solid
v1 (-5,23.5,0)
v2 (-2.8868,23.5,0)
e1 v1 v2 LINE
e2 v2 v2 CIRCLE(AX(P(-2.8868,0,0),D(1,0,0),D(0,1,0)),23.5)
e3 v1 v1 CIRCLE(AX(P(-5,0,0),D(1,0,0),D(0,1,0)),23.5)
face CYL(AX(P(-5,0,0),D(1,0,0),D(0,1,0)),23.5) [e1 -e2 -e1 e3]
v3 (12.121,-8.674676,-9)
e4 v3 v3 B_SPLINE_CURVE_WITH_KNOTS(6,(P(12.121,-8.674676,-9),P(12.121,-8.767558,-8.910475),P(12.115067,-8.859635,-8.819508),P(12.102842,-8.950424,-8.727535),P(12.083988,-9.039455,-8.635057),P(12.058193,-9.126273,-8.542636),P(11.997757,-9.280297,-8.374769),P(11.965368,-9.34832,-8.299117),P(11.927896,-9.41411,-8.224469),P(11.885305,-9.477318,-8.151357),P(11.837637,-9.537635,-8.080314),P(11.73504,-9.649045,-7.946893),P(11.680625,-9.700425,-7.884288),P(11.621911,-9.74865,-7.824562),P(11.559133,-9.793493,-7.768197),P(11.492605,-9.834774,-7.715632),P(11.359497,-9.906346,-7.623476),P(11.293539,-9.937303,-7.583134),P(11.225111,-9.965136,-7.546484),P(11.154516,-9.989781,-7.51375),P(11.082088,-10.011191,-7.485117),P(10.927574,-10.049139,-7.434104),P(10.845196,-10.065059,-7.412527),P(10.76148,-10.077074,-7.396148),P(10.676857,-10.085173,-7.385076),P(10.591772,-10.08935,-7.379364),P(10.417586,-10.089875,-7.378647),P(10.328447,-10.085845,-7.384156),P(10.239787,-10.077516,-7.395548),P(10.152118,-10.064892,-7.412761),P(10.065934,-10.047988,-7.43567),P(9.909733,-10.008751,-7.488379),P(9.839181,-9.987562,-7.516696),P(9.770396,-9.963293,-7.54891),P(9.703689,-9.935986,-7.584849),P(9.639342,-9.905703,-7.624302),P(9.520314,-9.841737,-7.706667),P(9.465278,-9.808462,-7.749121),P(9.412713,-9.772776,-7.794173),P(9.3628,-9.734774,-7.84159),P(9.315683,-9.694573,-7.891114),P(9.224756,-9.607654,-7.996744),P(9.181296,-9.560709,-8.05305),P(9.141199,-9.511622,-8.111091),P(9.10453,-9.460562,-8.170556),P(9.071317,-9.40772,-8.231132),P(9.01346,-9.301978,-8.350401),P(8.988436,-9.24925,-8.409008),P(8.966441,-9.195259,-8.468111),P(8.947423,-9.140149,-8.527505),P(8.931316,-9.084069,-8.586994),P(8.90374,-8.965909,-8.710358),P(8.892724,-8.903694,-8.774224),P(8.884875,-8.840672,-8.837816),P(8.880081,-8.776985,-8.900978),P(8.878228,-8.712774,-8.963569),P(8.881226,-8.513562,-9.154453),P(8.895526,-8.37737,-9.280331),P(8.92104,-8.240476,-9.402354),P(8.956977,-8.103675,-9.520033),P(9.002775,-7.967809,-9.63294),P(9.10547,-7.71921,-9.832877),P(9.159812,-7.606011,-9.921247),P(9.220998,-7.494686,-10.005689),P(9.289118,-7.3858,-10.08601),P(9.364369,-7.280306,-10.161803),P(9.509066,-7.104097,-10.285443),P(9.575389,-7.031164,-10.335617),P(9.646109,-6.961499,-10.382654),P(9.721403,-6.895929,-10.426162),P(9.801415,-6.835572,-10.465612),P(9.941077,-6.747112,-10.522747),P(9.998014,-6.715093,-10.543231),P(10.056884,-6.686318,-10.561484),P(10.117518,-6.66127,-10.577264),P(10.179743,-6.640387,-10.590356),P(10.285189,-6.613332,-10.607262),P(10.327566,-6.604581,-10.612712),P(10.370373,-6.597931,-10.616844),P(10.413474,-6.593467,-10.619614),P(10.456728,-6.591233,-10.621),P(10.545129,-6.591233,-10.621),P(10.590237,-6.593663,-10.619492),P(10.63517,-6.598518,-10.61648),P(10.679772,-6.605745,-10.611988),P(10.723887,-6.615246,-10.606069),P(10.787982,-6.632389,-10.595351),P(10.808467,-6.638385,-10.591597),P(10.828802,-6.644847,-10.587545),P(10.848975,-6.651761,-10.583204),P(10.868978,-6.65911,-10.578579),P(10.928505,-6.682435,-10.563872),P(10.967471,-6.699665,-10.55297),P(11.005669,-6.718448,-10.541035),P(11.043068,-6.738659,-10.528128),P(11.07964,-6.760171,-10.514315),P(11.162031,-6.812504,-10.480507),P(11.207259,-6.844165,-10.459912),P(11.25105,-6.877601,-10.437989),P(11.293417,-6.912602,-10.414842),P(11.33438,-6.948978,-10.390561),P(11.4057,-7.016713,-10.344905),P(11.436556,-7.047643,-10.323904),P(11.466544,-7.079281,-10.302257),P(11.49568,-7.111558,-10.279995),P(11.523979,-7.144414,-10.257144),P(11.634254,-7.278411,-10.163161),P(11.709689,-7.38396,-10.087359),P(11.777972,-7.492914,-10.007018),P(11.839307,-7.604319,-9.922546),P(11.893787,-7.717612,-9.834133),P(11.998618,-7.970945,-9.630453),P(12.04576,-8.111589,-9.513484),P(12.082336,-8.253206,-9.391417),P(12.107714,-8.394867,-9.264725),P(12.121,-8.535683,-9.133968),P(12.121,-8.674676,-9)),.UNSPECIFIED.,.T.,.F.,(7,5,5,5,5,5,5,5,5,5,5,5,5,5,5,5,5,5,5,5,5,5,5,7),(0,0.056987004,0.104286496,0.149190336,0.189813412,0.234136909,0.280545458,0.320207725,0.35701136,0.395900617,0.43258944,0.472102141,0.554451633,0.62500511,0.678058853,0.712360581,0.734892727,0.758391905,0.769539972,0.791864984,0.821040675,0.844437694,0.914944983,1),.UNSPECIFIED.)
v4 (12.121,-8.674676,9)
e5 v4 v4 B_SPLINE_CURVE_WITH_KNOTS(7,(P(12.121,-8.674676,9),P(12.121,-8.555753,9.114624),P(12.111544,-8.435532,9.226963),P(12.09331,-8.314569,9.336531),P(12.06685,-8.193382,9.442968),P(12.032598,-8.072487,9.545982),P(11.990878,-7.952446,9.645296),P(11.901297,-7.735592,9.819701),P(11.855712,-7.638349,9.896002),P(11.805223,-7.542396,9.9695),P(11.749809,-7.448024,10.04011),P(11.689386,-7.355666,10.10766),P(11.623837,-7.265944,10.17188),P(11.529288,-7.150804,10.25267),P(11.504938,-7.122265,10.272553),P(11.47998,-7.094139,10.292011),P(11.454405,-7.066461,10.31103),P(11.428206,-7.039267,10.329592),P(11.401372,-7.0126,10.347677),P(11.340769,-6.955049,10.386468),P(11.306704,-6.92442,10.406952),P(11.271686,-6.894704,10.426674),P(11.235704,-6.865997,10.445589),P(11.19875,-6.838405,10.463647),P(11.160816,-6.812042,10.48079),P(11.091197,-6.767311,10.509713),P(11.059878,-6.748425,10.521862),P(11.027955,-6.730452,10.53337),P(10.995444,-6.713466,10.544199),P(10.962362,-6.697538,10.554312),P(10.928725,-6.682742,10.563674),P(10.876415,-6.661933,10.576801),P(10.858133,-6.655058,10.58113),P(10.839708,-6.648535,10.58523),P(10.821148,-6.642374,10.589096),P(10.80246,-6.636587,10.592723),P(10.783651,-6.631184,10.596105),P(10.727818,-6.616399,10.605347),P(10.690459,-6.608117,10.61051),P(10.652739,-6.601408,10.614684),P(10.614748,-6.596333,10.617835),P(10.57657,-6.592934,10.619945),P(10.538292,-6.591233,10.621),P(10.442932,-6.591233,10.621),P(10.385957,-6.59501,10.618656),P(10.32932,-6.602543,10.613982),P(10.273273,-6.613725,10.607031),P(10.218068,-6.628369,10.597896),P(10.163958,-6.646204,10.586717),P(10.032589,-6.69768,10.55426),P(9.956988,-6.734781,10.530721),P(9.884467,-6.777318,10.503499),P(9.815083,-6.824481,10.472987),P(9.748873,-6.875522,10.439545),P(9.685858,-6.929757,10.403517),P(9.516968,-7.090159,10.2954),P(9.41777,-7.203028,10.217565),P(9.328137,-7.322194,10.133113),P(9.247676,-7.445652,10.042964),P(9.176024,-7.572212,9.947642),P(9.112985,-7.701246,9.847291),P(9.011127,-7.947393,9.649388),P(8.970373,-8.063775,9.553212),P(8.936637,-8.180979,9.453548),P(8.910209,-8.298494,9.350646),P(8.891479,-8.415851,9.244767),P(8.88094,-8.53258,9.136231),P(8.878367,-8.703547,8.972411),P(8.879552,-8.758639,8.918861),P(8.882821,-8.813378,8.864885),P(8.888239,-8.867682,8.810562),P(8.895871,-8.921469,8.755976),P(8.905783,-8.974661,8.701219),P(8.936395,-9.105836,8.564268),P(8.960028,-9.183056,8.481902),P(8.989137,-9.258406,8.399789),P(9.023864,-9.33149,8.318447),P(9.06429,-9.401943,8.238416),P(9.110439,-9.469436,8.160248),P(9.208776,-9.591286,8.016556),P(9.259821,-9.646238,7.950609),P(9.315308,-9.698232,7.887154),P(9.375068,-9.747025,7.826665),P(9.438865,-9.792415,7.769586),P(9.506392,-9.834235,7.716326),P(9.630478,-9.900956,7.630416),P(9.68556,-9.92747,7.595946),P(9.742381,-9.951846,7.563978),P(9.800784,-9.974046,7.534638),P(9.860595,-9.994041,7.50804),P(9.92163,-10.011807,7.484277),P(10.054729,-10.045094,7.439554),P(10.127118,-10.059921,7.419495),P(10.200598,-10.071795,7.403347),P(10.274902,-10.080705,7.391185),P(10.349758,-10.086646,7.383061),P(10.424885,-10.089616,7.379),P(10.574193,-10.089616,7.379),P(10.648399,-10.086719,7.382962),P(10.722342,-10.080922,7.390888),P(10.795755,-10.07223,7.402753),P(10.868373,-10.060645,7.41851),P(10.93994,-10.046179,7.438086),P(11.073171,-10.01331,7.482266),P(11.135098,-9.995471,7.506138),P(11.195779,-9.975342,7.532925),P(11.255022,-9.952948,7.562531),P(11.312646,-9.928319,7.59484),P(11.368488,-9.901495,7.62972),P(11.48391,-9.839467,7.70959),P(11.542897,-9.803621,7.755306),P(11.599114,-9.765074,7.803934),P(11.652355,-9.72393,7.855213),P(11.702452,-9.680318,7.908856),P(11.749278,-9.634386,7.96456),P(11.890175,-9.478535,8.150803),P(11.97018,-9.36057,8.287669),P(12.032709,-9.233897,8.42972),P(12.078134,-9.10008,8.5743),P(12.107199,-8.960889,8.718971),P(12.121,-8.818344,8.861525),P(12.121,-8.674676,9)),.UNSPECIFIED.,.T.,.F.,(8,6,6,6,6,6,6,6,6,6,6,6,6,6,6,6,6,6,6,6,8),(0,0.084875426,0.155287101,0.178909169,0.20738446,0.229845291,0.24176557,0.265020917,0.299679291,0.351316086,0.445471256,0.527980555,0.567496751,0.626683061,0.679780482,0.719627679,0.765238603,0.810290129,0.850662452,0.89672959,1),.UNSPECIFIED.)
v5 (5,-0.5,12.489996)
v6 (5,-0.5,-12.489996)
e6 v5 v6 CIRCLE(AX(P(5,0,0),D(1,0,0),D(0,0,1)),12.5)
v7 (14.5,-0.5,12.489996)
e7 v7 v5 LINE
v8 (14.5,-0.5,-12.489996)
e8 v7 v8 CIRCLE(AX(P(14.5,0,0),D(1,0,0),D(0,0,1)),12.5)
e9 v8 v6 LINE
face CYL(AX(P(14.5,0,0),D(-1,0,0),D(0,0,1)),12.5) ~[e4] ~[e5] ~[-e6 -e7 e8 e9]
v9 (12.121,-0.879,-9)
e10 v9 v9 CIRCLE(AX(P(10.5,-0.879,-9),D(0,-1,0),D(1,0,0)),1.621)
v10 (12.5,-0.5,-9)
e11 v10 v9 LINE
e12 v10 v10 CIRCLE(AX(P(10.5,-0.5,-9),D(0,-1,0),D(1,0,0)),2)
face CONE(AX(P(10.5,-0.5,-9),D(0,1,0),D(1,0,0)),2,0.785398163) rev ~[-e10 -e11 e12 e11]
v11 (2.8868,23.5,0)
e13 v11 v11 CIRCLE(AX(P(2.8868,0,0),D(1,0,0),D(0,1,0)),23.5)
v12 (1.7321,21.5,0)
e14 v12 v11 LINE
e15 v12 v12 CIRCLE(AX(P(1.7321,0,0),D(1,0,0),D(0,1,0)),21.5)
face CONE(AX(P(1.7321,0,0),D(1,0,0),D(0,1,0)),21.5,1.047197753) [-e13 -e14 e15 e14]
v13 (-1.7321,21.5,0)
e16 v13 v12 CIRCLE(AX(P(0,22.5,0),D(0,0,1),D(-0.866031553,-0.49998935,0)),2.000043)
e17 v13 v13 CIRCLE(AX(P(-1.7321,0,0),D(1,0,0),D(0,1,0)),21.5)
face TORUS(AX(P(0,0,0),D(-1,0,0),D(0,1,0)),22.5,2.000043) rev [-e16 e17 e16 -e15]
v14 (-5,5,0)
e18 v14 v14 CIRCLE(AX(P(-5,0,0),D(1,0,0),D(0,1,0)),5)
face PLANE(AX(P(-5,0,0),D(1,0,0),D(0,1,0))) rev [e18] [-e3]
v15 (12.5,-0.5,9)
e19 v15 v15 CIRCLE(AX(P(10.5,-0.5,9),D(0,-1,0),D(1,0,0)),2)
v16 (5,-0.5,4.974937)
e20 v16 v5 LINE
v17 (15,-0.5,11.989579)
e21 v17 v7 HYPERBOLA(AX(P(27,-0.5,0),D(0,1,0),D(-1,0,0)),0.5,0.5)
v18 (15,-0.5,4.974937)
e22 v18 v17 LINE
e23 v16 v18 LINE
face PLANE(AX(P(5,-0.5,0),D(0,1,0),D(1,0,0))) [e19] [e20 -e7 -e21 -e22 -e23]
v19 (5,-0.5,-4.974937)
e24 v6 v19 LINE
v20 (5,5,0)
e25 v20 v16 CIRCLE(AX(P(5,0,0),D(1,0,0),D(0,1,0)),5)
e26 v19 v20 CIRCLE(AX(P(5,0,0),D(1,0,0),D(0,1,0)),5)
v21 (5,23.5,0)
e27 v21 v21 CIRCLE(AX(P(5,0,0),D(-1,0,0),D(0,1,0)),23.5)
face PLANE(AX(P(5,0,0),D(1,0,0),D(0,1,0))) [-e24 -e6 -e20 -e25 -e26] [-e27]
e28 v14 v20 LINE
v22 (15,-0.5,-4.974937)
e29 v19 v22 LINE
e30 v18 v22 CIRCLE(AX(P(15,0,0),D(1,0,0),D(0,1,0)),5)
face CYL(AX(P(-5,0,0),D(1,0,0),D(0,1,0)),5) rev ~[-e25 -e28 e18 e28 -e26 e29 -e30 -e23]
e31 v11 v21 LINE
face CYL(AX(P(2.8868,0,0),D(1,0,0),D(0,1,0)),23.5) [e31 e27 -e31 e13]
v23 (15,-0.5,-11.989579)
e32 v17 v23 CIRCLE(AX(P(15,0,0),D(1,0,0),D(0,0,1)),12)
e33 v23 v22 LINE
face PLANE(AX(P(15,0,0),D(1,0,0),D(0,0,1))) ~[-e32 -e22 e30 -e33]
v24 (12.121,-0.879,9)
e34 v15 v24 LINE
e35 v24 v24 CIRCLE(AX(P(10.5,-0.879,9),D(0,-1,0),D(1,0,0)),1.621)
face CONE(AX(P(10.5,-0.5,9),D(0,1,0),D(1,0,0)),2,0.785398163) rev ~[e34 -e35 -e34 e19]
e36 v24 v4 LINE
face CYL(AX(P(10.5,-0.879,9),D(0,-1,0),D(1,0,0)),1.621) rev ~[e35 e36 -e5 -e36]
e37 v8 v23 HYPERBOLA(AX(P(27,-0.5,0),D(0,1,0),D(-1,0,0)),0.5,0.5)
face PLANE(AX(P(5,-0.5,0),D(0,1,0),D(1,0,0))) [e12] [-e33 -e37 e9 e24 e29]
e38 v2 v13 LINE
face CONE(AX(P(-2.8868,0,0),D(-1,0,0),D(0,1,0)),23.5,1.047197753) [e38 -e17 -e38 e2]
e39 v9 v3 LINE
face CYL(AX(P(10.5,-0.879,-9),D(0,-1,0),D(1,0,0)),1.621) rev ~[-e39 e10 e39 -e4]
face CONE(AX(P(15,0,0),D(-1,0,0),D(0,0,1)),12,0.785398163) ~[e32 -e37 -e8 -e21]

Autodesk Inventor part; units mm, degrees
sketch "Sketch_1" plane through (0, 0, 0) normal (0, 0, 1) x (1, 0, 0)
  line L0 (5, 0) -> (-5, 0)
  line L1 (-5, 0) -> (-5, 23.5)
  line L2 (-5, 23.5) -> (-2.8868, 23.5)
  line L3 (-2.8868, 23.5) -> (-1.7321, 21.5)
  arc A0 (-1.7321, 21.5) -> (1.7321, 21.5) centre (0, 22.5) ccw
  line L4 (1.7321, 21.5) -> (2.8868, 23.5)
  line L5 (2.8868, 23.5) -> (5, 23.5)
  line L6 (5, 23.5) -> (5, 0)
  line L7 (5, 0) -> (-5, 0)
revolve "Revolution1" add sketch "Sketch_1" angle 360 about axis through (5, 0, 0) along (1, 0, 0)
sketch "Sketch_2" plane through (0, 0, 0) normal (0, 0, 1) x (1, 0, 0)
  line L0 (5, 0) -> (15, 0)
  line L1 (15, 0) -> (15, -12)
  line L2 (15, -12) -> (14.5, -12.5)
  line L3 (14.5, -12.5) -> (5, -12.5)
  line L4 (5, -12.5) -> (5, 0)
  line L5 (5, 0) -> (15, 0)
revolve "Revolution2" add sketch "Sketch_2" angle 180 mid plane about axis through (5, 0, 0) along (1, 0, 0)
sketch "Sketch_3" plane through (0, 0, 0) normal (0, 0, 1) x (1, 0, 0)
  line L0 (5, -0.5) -> (15, -0.5)
  line L1 (15, -0.5) -> (15, 0)
  line L2 (15, 0) -> (5, 0)
  line L3 (5, 0) -> (5, -0.5)
extrude "Extrusion1" cut sketch "Sketch_3" along normal mid plane 50
sketch "Sketch_4" plane through (0, 0, 0) normal (0, 0, 1) x (1, 0, 0)
  line L0 (15, 0) -> (-5, 0)
  line L1 (-5, 0) -> (-5, 5)
  line L2 (-5, 5) -> (15, 5)
  line L3 (15, 5) -> (15, 0)
  line L4 (15, 0) -> (-5, 0)
revolve "Revolution3" cut sketch "Sketch_4" angle 360 about axis through (15, 0, 0) along (1, 0, 0)
sketch "Sketch_5" plane through (0, 0, 9) normal (0, 0, 1) x (1, 0, 0)
  line L0 (10.5, -12.5) -> (10.5, -0.5)
  line L1 (10.5, -0.5) -> (12.5, -0.5)
  line L2 (12.5, -0.5) -> (12.121, -0.879)
  line L3 (12.121, -0.879) -> (12.121, -12.121)
  line L4 (12.121, -12.121) -> (12.5, -12.5)
  line L5 (12.5, -12.5) -> (10.5, -12.5)
  line L6 (10.5, -12.5) -> (10.5, -0.5)
revolve "Revolution4" cut sketch "Sketch_5" angle 360 about axis through (10.5, -12.5, 9) along (0, -1, 0)
thread "Thread1" size "M4x0.7" class "6H" standard "ISO Metric profile" length 11.242
sketch "Sketch_6" plane through (0, 0, -9) normal (0, 0, 1) x (1, 0, 0)
  line L0 (10.5, -12.5) -> (10.5, -0.5)
  line L1 (10.5, -0.5) -> (12.5, -0.5)
  line L2 (12.5, -0.5) -> (12.121, -0.879)
  line L3 (12.121, -0.879) -> (12.121, -12.121)
  line L4 (12.121, -12.121) -> (12.5, -12.5)
  line L5 (12.5, -12.5) -> (10.5, -12.5)
  line L6 (10.5, -12.5) -> (10.5, -0.5)
revolve "Revolution5" cut sketch "Sketch_6" angle 360 about axis through (10.5, -12.5, -9) along (0, -1, 0)
thread "Thread2" size "M4x0.7" class "6H" standard "ISO Metric profile" length 11.242
ref_plane "part1_to_part2_XY" through (5, 0, 0) normal (1, 0, 0) x (0, 0, -1)
ref_plane "part1_to_part2_YZ" through (5, 0, 0) normal (0, 0, -1) x (0, 1, 0)
ref_plane "part1_to_part2_ZX" through (5, 0, 0) normal (0, 1, 0) x (1, 0, 0)
properties part number "MBRAC45-2-10p1"
